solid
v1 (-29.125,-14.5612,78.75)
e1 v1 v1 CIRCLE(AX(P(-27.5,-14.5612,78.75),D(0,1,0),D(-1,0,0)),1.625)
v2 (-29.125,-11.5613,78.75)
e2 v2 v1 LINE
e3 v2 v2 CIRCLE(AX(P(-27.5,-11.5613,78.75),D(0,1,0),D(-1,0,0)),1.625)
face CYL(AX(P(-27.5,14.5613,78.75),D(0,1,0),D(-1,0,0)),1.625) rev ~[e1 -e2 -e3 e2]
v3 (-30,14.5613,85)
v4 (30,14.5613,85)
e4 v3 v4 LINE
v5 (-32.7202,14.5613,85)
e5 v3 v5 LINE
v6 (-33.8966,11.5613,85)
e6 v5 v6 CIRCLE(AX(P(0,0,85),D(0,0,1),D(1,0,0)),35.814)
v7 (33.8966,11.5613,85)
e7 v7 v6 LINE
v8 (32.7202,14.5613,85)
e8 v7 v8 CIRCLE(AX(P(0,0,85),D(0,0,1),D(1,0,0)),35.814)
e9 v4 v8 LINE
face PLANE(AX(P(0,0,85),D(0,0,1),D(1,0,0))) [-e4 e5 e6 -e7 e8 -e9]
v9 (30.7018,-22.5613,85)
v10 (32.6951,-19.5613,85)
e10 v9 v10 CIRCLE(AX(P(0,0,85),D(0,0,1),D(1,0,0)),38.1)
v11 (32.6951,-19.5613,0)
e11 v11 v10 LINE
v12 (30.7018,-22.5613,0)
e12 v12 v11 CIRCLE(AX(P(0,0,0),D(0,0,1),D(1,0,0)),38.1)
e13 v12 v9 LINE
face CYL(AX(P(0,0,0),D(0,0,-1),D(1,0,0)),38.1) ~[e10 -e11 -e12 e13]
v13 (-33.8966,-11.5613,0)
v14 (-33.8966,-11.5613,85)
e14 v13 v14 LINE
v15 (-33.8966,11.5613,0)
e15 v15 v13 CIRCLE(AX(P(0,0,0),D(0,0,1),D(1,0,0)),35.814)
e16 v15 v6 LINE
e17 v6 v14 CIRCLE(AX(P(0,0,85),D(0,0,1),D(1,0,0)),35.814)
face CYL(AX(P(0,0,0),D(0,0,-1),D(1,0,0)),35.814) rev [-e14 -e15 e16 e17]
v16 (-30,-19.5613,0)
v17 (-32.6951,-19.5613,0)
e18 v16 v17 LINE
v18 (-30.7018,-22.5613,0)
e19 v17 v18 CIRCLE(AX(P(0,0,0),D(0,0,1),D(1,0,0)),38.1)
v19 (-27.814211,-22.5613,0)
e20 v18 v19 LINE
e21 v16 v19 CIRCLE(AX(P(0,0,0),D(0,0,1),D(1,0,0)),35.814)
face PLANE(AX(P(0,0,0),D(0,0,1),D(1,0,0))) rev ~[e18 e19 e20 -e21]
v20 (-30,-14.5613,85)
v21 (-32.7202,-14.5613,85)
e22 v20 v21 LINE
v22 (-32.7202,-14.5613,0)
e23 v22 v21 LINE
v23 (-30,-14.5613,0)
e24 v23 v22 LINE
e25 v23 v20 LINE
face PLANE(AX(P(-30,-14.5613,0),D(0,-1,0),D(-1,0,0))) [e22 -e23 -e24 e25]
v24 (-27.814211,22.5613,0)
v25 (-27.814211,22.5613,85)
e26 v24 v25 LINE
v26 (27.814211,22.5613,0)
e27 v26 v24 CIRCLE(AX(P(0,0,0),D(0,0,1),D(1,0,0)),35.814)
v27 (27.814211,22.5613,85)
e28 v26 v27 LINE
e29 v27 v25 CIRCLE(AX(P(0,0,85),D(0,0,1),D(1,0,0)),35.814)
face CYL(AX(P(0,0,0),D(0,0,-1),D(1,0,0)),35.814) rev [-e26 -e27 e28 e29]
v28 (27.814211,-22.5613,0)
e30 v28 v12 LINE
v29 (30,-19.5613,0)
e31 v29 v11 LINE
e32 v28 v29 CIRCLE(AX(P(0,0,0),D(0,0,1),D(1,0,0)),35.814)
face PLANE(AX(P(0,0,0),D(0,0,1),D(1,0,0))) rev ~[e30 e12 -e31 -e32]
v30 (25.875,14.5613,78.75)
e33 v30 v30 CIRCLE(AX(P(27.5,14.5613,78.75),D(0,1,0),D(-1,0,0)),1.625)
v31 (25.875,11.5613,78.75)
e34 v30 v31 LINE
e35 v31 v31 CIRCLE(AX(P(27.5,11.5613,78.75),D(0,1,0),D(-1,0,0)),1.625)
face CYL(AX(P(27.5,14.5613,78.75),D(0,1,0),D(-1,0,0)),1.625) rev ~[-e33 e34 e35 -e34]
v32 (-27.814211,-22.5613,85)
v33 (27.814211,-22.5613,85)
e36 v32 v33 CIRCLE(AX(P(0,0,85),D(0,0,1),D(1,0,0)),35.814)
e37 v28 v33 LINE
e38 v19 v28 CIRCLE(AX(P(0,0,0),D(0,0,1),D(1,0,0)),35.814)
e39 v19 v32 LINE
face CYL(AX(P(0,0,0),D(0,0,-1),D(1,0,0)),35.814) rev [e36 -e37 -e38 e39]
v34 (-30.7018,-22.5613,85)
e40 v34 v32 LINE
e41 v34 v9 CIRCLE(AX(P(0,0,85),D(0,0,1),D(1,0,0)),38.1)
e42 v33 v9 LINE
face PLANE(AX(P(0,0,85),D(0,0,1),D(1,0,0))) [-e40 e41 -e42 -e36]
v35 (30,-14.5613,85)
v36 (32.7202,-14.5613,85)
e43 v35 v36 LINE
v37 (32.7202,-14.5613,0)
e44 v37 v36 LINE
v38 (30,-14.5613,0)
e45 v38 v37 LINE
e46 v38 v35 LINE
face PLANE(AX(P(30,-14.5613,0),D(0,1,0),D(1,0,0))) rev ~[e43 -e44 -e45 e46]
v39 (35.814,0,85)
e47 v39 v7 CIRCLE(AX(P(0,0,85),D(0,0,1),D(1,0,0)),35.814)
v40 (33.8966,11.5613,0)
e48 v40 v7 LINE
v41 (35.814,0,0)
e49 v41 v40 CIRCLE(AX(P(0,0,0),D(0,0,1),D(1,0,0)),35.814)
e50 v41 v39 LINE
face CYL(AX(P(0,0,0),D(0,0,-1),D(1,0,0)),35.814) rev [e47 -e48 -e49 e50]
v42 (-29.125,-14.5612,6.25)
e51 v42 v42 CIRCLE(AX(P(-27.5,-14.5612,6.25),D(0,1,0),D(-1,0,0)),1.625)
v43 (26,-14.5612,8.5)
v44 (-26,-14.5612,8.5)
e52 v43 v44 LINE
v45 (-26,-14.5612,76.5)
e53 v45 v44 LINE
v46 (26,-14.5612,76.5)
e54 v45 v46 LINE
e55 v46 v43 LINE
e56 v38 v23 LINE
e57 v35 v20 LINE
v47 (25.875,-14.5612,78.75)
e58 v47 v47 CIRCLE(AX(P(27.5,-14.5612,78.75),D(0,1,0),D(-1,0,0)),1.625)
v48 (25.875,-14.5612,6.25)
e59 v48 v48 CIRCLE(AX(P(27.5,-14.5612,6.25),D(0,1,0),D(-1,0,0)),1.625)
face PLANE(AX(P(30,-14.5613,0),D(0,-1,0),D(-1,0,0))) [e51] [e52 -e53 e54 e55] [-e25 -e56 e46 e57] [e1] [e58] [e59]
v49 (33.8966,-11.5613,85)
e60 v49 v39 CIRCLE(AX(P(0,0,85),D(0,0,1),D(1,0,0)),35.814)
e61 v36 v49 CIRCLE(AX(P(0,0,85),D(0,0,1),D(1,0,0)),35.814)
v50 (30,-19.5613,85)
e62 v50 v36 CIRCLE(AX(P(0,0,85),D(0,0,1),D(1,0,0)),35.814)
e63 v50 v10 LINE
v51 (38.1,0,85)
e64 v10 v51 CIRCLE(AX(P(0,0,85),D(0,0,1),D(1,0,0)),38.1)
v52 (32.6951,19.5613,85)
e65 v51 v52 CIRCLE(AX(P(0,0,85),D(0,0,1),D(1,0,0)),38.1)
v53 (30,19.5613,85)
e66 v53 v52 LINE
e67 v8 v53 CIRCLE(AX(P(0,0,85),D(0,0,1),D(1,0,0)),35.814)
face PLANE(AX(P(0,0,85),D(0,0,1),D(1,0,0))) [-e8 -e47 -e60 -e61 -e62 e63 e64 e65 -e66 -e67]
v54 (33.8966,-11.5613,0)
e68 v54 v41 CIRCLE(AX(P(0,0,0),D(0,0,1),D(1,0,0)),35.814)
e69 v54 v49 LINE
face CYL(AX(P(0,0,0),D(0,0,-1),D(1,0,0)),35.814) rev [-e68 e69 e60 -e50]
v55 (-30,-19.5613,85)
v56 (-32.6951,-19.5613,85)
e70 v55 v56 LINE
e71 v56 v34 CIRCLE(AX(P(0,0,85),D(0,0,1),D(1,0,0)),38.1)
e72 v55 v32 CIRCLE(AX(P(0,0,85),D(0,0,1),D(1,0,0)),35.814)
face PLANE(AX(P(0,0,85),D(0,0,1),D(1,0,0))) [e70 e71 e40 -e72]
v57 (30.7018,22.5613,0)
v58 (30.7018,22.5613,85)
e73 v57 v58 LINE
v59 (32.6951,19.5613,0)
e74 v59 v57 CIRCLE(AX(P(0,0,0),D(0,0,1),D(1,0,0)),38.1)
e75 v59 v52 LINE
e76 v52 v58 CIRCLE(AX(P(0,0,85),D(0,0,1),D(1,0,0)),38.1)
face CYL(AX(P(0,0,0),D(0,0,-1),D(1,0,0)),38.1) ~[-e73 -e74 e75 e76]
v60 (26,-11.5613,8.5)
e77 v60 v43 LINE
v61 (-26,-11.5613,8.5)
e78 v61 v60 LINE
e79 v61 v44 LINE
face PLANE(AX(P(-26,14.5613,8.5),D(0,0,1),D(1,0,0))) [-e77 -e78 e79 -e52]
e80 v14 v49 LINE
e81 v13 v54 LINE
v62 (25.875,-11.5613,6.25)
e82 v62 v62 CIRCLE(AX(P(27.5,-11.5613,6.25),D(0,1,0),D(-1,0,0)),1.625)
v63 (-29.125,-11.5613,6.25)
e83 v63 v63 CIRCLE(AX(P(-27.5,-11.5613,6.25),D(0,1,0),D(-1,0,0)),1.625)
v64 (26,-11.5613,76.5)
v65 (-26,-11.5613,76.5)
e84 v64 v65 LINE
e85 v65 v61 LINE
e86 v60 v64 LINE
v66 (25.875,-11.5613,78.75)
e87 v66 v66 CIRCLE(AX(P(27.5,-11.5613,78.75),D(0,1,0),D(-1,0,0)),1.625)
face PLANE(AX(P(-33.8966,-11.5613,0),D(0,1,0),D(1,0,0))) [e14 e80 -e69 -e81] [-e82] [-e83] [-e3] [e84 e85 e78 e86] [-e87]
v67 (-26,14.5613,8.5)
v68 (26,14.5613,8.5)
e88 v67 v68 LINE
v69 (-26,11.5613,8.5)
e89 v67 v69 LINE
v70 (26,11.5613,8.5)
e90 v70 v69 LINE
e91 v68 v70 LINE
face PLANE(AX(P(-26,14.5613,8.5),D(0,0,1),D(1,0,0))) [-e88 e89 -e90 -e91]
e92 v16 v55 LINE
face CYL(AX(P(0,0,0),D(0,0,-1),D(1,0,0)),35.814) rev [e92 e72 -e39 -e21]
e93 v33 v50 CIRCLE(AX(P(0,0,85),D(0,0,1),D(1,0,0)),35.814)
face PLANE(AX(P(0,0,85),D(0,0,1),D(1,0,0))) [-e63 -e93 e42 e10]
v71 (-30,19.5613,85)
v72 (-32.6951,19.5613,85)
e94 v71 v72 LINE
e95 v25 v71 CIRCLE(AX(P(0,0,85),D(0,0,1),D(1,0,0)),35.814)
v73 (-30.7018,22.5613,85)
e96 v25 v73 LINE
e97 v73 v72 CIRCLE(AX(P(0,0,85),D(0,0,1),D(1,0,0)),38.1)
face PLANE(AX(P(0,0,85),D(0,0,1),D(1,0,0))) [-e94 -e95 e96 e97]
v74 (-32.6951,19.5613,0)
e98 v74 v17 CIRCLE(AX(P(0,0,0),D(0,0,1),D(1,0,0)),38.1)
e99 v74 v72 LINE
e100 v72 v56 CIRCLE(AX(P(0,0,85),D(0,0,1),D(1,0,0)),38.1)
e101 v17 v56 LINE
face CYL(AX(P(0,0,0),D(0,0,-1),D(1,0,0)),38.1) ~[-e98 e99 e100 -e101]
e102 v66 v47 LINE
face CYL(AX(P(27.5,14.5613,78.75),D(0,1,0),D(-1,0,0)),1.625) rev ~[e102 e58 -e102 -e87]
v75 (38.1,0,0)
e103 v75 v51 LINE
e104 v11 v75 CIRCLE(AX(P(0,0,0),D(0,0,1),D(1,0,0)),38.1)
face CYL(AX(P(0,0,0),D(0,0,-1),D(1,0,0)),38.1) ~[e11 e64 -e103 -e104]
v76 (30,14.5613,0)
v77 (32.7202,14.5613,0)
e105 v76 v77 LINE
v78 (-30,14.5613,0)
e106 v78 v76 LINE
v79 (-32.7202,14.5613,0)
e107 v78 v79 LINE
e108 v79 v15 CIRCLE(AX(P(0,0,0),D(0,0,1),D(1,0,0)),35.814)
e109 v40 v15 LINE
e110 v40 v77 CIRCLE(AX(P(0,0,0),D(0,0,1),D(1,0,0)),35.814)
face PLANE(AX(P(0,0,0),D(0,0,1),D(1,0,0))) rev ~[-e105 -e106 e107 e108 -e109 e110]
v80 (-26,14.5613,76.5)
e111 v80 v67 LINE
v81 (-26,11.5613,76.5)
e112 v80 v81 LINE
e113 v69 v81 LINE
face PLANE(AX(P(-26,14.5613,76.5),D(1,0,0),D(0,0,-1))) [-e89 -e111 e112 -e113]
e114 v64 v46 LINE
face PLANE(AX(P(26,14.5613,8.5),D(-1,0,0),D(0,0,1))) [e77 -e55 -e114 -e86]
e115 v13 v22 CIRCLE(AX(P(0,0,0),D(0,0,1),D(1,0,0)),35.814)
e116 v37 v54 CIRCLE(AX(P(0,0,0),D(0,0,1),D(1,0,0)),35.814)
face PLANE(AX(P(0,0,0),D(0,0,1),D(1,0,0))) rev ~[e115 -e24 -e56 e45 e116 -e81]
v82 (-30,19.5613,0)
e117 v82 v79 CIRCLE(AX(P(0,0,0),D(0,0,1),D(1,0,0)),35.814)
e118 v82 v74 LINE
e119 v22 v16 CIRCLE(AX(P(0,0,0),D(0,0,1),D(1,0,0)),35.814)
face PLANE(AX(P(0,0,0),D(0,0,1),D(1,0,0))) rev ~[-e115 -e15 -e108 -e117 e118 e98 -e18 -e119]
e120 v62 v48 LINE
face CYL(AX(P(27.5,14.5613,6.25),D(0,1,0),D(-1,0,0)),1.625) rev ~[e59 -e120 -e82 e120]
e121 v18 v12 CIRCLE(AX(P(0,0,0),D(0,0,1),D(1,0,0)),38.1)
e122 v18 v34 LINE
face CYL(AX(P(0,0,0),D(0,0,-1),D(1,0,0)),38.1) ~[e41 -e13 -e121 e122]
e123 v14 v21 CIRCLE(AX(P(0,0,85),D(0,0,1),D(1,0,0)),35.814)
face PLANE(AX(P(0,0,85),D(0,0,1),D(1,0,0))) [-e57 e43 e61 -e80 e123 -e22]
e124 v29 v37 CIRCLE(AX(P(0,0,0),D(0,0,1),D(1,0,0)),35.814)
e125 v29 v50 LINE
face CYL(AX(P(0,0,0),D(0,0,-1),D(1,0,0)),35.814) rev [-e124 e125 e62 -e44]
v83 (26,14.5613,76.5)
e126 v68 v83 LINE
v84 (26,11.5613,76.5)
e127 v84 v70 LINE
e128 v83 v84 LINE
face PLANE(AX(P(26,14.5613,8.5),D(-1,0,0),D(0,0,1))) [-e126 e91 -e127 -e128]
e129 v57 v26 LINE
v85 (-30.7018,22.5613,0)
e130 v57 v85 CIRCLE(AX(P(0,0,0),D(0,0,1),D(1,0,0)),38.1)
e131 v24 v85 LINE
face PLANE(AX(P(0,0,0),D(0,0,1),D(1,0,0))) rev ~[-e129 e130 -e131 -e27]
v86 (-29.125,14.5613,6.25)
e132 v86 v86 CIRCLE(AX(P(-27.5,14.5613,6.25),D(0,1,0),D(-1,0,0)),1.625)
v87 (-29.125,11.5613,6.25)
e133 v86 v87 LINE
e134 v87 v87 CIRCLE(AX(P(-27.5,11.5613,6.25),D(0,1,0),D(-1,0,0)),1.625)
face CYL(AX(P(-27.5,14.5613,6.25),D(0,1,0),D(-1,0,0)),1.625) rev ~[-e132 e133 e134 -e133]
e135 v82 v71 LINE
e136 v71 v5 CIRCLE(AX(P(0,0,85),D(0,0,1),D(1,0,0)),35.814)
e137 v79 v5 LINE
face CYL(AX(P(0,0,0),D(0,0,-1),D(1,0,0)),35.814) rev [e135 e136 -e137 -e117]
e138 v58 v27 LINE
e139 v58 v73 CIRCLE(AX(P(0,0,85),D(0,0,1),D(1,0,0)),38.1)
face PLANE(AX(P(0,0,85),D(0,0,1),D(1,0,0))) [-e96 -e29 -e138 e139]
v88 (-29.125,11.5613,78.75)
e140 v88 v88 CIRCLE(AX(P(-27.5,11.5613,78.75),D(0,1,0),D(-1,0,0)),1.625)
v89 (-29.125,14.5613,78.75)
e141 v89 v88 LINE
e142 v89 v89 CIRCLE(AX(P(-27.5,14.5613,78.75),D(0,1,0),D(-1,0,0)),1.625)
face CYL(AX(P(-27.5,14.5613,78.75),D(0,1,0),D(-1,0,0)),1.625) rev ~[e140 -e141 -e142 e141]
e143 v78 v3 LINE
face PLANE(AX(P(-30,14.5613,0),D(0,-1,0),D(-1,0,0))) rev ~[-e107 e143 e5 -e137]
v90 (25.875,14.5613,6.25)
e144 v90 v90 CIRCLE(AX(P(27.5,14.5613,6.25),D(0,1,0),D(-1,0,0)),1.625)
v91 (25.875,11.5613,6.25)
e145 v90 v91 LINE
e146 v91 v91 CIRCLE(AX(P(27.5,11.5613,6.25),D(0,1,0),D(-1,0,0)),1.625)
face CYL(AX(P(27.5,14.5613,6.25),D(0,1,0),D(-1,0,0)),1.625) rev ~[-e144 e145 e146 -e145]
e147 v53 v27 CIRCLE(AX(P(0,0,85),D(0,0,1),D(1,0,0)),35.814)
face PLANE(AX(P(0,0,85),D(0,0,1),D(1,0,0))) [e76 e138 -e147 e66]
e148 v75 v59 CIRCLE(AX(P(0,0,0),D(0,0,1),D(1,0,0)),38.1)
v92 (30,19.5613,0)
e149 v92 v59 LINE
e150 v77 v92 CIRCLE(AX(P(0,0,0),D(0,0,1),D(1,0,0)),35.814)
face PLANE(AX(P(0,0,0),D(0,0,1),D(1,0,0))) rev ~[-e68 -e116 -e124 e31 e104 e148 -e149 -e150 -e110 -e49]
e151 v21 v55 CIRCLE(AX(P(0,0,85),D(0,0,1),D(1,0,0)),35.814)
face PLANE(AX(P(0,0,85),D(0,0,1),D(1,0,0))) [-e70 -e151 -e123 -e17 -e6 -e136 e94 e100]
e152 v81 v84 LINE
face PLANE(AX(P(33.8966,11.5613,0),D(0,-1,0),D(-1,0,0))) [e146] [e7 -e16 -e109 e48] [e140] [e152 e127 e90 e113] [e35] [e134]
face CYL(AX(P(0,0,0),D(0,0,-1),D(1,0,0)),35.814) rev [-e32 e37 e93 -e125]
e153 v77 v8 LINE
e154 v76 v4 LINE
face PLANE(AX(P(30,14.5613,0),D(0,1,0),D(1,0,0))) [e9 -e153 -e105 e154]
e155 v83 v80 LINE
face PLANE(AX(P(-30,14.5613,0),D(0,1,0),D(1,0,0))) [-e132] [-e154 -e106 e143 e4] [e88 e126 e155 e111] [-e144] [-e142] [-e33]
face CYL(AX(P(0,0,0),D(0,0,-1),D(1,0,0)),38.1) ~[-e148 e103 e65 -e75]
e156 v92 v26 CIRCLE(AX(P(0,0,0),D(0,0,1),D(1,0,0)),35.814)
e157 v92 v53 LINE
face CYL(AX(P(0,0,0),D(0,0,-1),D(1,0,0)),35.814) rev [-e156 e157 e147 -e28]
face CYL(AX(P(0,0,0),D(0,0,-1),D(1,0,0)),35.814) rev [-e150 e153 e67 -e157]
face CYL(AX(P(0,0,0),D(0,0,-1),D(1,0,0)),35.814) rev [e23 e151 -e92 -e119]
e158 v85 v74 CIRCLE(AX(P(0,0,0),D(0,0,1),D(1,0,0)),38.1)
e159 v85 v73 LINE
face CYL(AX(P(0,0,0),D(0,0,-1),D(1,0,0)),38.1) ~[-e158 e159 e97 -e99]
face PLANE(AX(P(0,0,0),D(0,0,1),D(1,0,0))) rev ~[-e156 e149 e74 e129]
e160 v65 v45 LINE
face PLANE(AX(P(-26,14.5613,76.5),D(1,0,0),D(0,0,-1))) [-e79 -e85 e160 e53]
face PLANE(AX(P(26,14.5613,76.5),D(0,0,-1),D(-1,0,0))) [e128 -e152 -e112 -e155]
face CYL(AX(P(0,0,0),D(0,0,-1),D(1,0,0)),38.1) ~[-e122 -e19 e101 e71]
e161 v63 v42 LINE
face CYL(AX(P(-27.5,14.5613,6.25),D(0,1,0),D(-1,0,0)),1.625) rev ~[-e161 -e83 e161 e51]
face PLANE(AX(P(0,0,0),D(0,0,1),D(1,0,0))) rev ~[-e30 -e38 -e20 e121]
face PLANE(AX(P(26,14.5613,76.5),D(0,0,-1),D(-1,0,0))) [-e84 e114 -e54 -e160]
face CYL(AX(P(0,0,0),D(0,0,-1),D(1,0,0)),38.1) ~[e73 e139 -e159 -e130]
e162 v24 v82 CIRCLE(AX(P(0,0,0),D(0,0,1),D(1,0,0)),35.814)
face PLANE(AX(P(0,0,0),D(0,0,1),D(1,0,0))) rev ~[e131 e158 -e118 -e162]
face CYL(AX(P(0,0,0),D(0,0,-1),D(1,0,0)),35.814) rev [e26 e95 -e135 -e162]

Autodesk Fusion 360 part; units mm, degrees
sketch "Sketch1" plane through (0, 0, 0) normal (0, 0, 1) x (1, 0, 0)
  circle A0 centre (0, 0) radius 38.1
  circle A1 centre (0, 0) radius 35.814
  line L0 (0, 0) -> (0, -19.5613) construction
  line L1 (-30, -19.5613) -> (30, -19.5613)
  line L2 (30, -19.5613) -> (30, -14.5613) construction
  line L3 (30, -14.5613) -> (-30, -14.5613)
  line L4 (-30, -14.5613) -> (-30, -19.5613) construction
  line L5 (-30, -14.5613) -> (-32.7202, -14.5613)
  line L6 (30, -14.5613) -> (32.7202, -14.5613)
  line L7 (-33.8966, -11.5613) -> (33.8966, -11.5613)
  line L8 (-30, -19.5613) -> (-32.6951, -19.5613)
  line L9 (30, -19.5613) -> (32.6951, -19.5613)
  line L10 (-30.7018, -22.5613) -> (30.7018, -22.5613)
  line L11 (-30, 14.5613) -> (30, 14.5613)
  line L12 (30, 14.5613) -> (32.7202, 14.5613)
  line L13 (33.8966, 11.5613) -> (-33.8966, 11.5613)
  line L14 (30, 14.5613) -> (30, 19.5613) construction
  line L15 (-30, 19.5613) -> (-32.6951, 19.5613)
  line L16 (30, 19.5613) -> (32.6951, 19.5613)
  line L17 (-30, 19.5613) -> (-30, 14.5613) construction
  line L18 (30, 19.5613) -> (-30, 19.5613)
  line L19 (30.7018, 22.5613) -> (-30.7018, 22.5613)
  line L20 (-30, 14.5613) -> (-32.7202, 14.5613)
  point P0 (0, 19.5613)
  dimension "d1" = 76.2
  dimension "d2" = 71.628
  dimension "d10" = 5
  dimension "d11" = 60
  dimension "d12" = 3
  dimension "d13" = 3
  dimension "d15" = 360
extrude "Extrude2" add sketch "Sketch1" along normal blind 85 contours A0 A1 L9 L16 | A0 A1 L16 L19 | A0 A1 L9 L10 | A0 A1 L19 | A0 A1 L10 | A0 A1 L15 L19 | A1 L11 L12 L13 L20 | A0 A1 L8 L15 | A0 A1 L8 L10 | A1 L3 L5 L6 L7
sketch "Sketch3" plane through (0, 14.5613, 0) normal (0, 1, 0) x (-1, 0, 0)
  line L0 (-32.7202, 0) -> (32.7202, 0)
  line L1 (32.7202, 0) -> (32.7202, 85)
  line L2 (32.7202, 85) -> (-32.7202, 85)
  line L3 (-32.7202, 85) -> (-32.7202, 0)
  line L4 (27.5, 6.25) -> (-27.5, 6.25) construction
  line L5 (-27.5, 6.25) -> (-27.5, 78.75) construction
  line L6 (-27.5, 78.75) -> (27.5, 78.75) construction
  line L7 (27.5, 78.75) -> (27.5, 6.25) construction
  line L8 (5.5903, 6.25) -> (5.5903, 0) construction
  line L9 (8.4326, 78.75) -> (8.4326, 85) construction
  line L10 (-32.7202, 48.7618) -> (-27.5, 48.7618) construction
  line L11 (32.7202, 50.3453) -> (27.5, 50.3453) construction
  circle A0 centre (27.5, 78.75) radius 1.625
  circle A1 centre (-27.5, 78.75) radius 1.625
  circle A2 centre (-27.5, 6.25) radius 1.625
  circle A3 centre (27.5, 6.25) radius 1.625
  line L12 (26, 8.5) -> (-26, 8.5)
  line L13 (-26, 8.5) -> (-26, 76.5)
  line L14 (-26, 76.5) -> (26, 76.5)
  line L15 (26, 76.5) -> (26, 8.5)
  line L16 (14.1085, 76.5) -> (14.1085, 78.75)
  line L17 (12.9666, 8.5) -> (12.9666, 6.25)
  line L18 (26, 26.5961) -> (27.5, 26.5961) construction
  line L19 (-26, 37.0362) -> (-27.5, 37.0362)
  line L20 (-26, 35.2418) -> (-27.5, 35.2418) construction
  dimension "d18" = 72.5
  dimension "d19" = 55
  dimension "d21" = 3.25
  dimension "d24" = 52
  dimension "d25" = 68
extrude "Extrude3" cut sketch "Sketch3" against normal up to surface (29.1225 mm away) contours A0 | A1 | A2 | A3 | L12 L13 L14 L15
thread "Thread1" thread offset 0 thread length 10
thread "Thread2" thread offset 0 thread length 10
